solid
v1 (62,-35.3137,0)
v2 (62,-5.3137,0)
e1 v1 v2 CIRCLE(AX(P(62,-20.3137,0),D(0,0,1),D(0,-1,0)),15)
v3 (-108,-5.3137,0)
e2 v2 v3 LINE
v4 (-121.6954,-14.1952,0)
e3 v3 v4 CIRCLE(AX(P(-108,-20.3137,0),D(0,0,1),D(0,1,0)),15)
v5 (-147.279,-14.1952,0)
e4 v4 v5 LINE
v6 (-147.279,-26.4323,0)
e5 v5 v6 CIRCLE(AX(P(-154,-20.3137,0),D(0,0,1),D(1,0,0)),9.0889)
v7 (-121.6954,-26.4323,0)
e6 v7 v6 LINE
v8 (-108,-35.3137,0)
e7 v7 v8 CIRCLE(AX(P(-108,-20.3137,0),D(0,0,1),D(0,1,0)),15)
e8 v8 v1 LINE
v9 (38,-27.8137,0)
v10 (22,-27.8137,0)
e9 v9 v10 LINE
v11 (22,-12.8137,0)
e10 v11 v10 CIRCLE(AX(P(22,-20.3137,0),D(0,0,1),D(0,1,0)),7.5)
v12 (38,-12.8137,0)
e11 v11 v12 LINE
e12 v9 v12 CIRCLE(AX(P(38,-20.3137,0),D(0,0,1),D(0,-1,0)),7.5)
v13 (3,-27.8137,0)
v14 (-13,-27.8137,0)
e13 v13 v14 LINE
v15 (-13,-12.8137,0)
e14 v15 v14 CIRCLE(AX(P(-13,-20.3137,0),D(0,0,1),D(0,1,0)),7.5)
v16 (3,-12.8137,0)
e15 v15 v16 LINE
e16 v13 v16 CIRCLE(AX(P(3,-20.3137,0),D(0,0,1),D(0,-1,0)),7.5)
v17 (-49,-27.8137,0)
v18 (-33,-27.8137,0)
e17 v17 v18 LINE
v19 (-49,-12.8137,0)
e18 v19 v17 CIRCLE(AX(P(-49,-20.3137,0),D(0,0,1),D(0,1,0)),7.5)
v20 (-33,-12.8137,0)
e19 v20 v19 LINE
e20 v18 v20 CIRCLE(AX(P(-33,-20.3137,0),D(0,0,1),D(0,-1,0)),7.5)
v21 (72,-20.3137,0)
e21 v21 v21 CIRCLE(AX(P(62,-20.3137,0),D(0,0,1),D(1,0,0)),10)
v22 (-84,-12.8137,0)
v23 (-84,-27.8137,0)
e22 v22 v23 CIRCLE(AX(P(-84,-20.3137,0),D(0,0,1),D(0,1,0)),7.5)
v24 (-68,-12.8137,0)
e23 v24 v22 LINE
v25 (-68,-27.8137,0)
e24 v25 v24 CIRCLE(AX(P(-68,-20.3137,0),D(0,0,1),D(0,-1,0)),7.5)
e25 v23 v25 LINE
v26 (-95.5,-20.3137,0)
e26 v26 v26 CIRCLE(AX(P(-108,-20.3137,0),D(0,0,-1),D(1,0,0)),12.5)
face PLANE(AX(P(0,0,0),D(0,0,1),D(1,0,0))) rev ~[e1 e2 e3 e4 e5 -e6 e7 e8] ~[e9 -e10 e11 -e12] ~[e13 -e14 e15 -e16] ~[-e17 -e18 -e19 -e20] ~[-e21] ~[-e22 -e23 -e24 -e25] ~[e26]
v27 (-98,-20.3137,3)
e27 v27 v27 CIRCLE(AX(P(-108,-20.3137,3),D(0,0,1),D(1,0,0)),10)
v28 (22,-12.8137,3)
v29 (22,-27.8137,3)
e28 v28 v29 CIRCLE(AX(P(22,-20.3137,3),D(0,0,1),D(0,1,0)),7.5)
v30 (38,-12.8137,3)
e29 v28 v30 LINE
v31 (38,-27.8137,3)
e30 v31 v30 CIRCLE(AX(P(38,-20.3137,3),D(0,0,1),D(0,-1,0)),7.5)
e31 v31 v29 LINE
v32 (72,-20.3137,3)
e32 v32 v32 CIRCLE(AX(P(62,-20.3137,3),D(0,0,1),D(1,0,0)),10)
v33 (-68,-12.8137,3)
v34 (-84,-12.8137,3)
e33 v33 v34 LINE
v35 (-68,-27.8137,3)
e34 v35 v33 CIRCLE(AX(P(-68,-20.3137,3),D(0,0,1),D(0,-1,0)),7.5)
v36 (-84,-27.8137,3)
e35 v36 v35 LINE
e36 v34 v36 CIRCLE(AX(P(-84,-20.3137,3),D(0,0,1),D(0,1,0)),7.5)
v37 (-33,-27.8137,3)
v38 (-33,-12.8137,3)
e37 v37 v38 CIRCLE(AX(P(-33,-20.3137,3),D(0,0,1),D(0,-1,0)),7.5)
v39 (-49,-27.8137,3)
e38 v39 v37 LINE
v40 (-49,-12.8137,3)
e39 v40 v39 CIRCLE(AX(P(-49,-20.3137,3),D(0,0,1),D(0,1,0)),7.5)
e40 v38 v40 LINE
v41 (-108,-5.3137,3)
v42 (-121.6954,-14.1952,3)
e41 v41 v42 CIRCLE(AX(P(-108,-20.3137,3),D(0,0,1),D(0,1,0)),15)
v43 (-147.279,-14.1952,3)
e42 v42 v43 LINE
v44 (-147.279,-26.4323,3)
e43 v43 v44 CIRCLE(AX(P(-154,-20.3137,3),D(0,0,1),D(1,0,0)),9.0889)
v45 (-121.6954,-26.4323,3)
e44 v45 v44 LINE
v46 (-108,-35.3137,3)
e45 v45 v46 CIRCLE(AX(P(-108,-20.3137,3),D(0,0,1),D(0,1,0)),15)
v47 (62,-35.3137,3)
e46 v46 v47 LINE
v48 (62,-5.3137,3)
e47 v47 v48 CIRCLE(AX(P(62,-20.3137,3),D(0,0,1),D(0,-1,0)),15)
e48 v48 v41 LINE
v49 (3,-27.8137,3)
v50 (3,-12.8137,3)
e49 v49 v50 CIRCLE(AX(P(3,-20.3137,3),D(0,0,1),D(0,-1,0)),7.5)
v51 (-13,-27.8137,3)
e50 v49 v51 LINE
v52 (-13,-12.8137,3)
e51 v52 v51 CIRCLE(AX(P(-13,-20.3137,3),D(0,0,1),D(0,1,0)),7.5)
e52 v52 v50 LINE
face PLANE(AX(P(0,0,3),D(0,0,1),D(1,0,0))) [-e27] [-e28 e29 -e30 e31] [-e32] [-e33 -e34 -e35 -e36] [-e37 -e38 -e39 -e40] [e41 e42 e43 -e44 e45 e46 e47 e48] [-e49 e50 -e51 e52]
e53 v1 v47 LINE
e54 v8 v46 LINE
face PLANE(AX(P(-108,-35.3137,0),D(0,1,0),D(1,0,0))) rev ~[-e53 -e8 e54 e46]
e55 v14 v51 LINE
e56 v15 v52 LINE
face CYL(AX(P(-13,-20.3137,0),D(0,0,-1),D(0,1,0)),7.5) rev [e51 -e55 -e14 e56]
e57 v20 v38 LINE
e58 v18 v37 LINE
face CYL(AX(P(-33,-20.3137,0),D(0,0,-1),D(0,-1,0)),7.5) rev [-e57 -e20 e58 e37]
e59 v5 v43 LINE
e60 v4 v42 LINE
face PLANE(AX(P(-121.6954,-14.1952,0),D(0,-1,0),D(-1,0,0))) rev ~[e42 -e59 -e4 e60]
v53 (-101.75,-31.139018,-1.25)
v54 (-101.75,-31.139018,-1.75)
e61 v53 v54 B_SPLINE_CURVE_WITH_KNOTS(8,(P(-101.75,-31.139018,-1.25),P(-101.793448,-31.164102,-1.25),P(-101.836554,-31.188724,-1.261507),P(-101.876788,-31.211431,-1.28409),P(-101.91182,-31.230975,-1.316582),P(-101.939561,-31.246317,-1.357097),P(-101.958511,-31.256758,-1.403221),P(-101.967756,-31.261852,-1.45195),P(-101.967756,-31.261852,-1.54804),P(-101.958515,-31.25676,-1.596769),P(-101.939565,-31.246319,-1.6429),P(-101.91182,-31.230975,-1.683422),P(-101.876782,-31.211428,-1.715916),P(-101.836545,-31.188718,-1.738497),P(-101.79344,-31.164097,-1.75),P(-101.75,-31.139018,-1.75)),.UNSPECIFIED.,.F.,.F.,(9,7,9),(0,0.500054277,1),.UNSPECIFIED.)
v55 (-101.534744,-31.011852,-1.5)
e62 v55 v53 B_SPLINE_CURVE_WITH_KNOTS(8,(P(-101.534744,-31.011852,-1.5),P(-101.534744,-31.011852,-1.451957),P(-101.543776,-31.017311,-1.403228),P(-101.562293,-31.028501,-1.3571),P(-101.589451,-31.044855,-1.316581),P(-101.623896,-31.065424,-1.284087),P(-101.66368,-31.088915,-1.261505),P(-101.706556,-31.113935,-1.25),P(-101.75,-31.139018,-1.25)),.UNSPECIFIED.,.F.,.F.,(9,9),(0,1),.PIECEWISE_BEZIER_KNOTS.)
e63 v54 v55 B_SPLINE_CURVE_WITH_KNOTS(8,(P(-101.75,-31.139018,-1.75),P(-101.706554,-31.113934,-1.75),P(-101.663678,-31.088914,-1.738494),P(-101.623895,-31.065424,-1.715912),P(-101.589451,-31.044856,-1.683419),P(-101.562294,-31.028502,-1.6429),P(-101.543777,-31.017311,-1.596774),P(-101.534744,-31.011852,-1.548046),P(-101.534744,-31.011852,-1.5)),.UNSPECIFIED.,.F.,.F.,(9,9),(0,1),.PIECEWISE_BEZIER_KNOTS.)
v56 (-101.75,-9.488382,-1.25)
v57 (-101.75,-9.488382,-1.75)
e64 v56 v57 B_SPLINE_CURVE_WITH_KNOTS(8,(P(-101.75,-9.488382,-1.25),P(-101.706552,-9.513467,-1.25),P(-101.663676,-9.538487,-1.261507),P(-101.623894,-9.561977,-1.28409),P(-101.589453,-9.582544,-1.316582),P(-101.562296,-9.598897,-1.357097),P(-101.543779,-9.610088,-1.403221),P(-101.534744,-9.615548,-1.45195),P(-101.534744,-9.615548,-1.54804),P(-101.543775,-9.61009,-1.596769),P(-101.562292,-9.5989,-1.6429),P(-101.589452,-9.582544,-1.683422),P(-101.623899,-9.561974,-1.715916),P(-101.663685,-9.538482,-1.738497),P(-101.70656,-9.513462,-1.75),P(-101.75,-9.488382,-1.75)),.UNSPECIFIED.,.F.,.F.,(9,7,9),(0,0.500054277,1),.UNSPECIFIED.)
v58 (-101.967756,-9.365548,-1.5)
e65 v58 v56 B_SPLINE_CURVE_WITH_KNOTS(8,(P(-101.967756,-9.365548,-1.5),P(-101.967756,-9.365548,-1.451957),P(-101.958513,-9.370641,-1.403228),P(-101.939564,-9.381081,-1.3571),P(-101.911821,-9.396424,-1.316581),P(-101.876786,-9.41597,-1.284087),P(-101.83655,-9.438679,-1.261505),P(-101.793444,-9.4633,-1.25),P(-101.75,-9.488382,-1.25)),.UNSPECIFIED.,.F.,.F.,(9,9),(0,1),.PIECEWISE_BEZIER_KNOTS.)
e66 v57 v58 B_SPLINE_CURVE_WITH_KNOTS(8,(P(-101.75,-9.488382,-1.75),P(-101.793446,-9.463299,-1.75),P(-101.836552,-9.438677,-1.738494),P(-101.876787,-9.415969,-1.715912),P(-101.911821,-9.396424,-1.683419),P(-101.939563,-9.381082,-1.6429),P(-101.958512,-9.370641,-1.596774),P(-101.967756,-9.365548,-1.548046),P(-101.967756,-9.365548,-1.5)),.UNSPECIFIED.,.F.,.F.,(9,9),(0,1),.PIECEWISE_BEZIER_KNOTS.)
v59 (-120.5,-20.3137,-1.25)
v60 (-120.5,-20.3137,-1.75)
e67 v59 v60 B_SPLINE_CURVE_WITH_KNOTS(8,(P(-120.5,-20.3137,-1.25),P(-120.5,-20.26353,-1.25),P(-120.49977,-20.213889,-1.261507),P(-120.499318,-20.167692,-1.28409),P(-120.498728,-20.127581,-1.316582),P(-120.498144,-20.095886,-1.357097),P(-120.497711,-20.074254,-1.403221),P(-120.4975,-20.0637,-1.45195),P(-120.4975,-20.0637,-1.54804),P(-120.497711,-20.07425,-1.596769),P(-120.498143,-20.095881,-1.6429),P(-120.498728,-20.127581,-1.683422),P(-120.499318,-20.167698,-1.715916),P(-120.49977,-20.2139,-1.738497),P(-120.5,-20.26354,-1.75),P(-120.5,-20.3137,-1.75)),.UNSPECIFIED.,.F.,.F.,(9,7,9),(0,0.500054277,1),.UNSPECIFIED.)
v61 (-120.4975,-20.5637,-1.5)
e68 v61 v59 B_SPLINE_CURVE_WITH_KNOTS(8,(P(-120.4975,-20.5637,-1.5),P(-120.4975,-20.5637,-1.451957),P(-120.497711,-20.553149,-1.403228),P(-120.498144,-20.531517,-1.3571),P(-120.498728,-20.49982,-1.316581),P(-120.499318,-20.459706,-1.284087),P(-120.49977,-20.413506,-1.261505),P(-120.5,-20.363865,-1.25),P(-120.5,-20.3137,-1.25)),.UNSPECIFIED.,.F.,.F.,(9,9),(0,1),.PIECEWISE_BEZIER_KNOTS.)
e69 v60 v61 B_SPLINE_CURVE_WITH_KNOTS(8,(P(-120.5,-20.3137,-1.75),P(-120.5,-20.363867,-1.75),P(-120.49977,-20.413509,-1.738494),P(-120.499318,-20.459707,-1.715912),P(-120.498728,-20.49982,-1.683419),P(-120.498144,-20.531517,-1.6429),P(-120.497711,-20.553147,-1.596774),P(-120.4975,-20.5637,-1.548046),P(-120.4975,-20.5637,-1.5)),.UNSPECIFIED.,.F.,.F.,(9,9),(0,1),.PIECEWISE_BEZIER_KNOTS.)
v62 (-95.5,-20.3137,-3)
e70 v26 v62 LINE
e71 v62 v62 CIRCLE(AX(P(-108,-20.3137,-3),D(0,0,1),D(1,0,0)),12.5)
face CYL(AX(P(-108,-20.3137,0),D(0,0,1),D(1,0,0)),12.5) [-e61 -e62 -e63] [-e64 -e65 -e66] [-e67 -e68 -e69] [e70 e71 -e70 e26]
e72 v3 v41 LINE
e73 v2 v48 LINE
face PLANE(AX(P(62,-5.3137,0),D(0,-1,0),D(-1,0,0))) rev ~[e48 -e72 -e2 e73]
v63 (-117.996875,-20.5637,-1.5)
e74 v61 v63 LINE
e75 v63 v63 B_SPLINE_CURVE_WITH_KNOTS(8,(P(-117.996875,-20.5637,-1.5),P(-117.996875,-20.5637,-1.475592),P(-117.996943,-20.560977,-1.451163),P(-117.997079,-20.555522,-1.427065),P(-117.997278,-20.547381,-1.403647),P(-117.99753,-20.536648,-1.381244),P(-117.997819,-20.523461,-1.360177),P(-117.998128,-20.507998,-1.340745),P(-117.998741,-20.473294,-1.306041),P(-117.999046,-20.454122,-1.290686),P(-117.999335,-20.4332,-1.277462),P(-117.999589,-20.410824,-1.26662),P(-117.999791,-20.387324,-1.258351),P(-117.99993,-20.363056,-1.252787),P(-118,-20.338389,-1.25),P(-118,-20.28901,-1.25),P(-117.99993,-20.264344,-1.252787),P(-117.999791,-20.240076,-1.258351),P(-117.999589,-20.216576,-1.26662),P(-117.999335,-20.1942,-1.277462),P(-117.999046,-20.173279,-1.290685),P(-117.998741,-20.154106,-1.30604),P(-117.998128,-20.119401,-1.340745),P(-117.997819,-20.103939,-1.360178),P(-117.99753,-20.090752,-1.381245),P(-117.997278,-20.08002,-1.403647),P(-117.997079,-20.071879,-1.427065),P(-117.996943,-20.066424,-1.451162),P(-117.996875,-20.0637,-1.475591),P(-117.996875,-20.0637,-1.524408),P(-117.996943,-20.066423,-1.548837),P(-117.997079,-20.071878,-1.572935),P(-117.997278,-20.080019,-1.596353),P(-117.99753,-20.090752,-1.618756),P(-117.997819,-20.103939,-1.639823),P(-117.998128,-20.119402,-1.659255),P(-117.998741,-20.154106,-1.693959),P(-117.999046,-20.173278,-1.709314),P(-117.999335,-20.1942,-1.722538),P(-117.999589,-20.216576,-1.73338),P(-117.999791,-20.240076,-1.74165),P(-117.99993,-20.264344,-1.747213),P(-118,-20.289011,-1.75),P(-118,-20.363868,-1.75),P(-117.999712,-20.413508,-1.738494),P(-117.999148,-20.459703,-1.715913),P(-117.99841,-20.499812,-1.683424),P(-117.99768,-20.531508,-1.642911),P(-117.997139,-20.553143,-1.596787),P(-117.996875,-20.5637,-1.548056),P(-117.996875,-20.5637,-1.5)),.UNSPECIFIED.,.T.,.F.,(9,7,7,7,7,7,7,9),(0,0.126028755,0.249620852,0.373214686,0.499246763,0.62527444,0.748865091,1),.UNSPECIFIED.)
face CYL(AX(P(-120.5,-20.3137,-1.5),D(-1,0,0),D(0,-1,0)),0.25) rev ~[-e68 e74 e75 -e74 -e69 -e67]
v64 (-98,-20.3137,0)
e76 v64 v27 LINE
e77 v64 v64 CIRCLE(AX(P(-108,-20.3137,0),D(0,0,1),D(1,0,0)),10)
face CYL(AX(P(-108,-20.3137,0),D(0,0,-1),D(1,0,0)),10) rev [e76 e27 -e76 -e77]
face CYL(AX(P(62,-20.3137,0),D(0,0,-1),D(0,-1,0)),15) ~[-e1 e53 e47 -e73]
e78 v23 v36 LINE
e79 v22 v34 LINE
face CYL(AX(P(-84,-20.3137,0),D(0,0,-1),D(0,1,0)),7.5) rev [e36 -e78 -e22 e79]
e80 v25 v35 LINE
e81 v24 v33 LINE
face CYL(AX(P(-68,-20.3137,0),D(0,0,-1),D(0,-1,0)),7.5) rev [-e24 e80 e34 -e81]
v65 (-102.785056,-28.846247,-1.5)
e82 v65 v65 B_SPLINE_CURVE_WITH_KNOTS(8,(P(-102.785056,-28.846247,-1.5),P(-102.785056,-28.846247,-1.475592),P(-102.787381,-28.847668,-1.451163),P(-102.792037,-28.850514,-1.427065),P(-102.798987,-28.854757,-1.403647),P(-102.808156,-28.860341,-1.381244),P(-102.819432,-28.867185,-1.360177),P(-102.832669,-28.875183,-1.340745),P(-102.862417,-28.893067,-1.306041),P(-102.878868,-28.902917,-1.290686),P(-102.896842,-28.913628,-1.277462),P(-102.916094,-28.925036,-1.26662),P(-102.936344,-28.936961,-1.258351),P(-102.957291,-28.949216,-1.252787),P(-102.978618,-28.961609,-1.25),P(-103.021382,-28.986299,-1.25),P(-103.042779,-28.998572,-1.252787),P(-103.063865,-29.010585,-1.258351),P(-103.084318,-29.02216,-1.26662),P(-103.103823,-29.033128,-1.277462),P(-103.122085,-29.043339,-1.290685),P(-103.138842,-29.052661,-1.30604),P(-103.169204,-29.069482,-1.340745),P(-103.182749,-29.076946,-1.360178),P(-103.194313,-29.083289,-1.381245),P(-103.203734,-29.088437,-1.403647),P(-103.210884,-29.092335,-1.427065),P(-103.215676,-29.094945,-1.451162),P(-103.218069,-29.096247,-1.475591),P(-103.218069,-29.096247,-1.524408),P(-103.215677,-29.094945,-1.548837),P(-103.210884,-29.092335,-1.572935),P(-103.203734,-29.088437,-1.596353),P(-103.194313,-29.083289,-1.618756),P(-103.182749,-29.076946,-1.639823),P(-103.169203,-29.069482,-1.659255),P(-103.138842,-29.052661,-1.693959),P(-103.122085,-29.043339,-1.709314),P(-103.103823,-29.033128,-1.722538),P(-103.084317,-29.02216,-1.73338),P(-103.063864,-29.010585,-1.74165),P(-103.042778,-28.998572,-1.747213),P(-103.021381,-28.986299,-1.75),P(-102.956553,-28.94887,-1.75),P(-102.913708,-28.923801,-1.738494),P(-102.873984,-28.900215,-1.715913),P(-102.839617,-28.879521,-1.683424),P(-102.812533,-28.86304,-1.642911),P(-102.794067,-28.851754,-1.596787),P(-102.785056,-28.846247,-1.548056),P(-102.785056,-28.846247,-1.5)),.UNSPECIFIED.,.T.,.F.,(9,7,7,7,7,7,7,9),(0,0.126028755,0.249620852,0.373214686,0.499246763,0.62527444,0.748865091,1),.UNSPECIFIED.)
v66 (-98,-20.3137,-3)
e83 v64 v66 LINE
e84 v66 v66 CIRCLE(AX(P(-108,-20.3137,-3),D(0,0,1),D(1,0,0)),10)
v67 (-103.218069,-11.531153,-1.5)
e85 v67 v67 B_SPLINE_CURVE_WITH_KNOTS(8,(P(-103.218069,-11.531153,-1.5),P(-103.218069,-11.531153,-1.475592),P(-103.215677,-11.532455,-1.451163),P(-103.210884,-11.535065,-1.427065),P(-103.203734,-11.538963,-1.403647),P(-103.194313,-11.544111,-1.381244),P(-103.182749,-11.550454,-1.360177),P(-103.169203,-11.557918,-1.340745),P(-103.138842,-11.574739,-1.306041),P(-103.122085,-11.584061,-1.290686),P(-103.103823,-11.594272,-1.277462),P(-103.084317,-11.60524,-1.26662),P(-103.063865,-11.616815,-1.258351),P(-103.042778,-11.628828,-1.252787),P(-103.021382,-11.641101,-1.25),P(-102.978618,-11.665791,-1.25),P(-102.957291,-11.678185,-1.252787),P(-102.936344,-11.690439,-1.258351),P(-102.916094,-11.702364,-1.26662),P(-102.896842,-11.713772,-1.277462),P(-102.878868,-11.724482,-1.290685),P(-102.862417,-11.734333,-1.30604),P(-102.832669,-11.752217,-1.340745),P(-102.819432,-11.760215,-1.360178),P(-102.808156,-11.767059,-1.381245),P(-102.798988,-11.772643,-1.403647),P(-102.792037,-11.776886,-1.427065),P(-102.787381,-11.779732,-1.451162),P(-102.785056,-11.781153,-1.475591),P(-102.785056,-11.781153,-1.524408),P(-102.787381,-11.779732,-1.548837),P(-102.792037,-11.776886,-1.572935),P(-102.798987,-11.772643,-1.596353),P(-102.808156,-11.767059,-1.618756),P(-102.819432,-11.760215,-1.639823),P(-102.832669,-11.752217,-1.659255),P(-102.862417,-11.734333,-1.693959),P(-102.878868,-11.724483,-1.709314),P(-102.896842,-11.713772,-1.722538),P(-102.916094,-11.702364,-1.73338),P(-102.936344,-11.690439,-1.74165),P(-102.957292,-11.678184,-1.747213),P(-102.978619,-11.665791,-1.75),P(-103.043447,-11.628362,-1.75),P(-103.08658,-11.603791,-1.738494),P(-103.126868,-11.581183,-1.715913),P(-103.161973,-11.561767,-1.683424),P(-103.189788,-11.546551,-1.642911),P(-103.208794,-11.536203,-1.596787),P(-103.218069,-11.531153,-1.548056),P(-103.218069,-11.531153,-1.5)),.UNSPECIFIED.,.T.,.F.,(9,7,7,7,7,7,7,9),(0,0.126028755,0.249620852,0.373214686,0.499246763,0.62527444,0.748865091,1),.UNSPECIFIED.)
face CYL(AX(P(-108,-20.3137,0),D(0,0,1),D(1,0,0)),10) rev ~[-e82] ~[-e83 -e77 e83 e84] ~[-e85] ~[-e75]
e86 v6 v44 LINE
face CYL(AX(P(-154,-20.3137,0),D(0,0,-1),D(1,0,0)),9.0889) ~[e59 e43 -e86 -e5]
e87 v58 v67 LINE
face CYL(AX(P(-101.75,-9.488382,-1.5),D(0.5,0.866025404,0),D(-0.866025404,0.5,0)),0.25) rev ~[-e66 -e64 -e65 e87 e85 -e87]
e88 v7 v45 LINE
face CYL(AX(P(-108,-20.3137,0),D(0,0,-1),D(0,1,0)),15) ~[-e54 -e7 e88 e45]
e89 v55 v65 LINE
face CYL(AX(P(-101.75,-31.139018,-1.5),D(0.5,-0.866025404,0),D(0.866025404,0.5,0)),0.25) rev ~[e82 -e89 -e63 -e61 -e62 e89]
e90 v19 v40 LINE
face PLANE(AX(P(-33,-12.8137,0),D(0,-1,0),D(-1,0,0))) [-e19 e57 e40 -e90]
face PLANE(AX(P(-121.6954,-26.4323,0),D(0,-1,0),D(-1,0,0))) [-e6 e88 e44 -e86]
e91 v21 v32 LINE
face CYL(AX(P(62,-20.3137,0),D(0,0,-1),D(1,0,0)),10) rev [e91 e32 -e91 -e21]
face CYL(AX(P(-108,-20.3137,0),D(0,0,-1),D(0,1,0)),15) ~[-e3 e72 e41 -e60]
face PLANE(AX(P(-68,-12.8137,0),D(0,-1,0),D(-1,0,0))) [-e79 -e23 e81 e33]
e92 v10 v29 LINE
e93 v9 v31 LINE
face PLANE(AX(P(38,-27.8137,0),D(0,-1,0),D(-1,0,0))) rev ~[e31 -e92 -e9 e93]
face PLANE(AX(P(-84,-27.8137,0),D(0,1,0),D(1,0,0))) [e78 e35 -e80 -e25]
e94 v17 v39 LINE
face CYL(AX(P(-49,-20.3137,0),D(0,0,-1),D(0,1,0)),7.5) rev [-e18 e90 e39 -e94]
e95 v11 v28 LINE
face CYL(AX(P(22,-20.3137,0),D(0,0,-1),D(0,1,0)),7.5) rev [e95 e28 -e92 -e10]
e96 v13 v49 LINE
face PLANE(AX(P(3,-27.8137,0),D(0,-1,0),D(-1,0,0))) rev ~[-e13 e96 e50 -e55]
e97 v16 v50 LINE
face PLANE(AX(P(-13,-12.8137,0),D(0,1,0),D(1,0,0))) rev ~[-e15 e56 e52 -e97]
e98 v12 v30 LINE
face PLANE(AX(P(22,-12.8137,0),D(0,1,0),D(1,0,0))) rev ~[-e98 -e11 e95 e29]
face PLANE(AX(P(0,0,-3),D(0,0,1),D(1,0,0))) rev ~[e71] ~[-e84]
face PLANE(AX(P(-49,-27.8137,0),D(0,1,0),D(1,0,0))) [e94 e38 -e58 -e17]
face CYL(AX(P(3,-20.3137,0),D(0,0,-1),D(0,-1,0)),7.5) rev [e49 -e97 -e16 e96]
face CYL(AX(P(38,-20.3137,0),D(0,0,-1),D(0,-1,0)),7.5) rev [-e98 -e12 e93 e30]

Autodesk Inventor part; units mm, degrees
ref_plane "YZ Plane" through (0, 0, 0) normal (1, 0, 0) x (0, 1, 0)
ref_plane "XZ Plane" through (0, 0, 0) normal (0, 1, 0) x (-1, 0, 0)
ref_plane "XY Plane" through (0, 0, 0) normal (0, 0, 1) x (1, 0, 0)
sketch "Sketch2" plane through (0, 0, 0) normal (0, 0, 1) x (1, 0, 0)
  line L0 (-108, -20.3137) -> (62, -20.3137) construction
  line L1 (-108, -35.3137) -> (62, -35.3137)
  line L2 (62, -5.3137) -> (-108, -5.3137)
  arc A0 (-108, -5.3137) -> (-108, -35.3137) centre (-108, -20.3137) ccw
  arc A1 (62, -35.3137) -> (62, -5.3137) centre (62, -20.3137) ccw
  circle A2 centre (-108, -20.3137) radius 10
  circle A3 centre (62, -20.3137) radius 10
  line L3 (-84, -20.3137) -> (-68, -20.3137) construction
  line L4 (-84, -27.8137) -> (-68, -27.8137)
  line L5 (-68, -12.8137) -> (-84, -12.8137)
  arc A4 (-84, -12.8137) -> (-84, -27.8137) centre (-84, -20.3137) ccw
  arc A5 (-68, -27.8137) -> (-68, -12.8137) centre (-68, -20.3137) ccw
  line L6 (-23, -46) -> (-23, 6) construction
  arc A6 (-33, -27.8137) -> (-33, -12.8137) centre (-33, -20.3137) ccw
  line L7 (-49, -20.3137) -> (-33, -20.3137) construction
  line L8 (-49, -27.8137) -> (-33, -27.8137)
  line L9 (-33, -12.8137) -> (-49, -12.8137)
  arc A7 (-49, -12.8137) -> (-49, -27.8137) centre (-49, -20.3137) ccw
  line L10 (38, -20.3137) -> (22, -20.3137) construction
  line L11 (38, -27.8137) -> (22, -27.8137)
  line L12 (22, -12.8137) -> (38, -12.8137)
  arc A8 (38, -27.8137) -> (38, -12.8137) centre (38, -20.3137) ccw
  arc A9 (22, -12.8137) -> (22, -27.8137) centre (22, -20.3137) ccw
  arc A10 (-13, -12.8137) -> (-13, -27.8137) centre (-13, -20.3137) ccw
  line L13 (3, -20.3137) -> (-13, -20.3137) construction
  line L14 (3, -27.8137) -> (-13, -27.8137)
  line L15 (-13, -12.8137) -> (3, -12.8137)
  arc A11 (3, -27.8137) -> (3, -12.8137) centre (3, -20.3137) ccw
  line L16 (-121.6954, -14.1952) -> (-147.279, -14.1952)
  line L17 (-121.6954, -26.4323) -> (-147.279, -26.4323)
  circle A12 centre (-154, -20.3137) radius 9.0889
  circle A13 centre (-108, -20.3137) radius 12.5
  line L18 (-119.5282, -20.3137) -> (-121.5282, -20.3137)
  point P0 (0, 0)
  point P1 (-23, -20.3137)
  point P2 (-76, -20.3137)
  point P3 (-41, -20.3137)
  point P4 (30, -20.3137)
  point P5 (-5, -20.3137)
  point P6 (-120.5, -20.3137)
  dimension "d51" = 25
  dimension "d27" = 170
  dimension "d28" = 30
  dimension "d29" = 20
  dimension "d30" = 20
  dimension "d31" = 16
  dimension "d32" = 15
  dimension "d43" = 35
  dimension "d48" = 40
  dimension "d57" = 2
extrude "Extrusion2" add sketch "Sketch2" along normal blind 3 contours A0 L2 A1 L1 | L17 A12 L16 A0 | A12 | A13
extrude "Extrusion3" add sketch "Sketch2" against normal blind 3 contours A13
ref_plane "Work Plane1" through (-119.5282, -20.3137, 0) normal (0, -1, 0) x (-1, 0, 0)
sketch "Sketch4" plane through (-108, -20.3137, -3) normal (0, 0, -1) x (-1, 0, 0)
  line L0 (11.5282, 0) -> (13.5282, 0) projected
  circle A0 centre (0, 0) radius 12.5 projected
  point P0 (-108, 20.3137)
  point P1 (12.5, 0)
ref_plane "Work Plane2" through (-120.5, -20.3137, -3) normal (-1, 0, 0) x (0, -1, 0)
sketch "Sketch5" plane through (-120.5, -20.3137, -3) normal (-1, 0, 0) x (0, -1, 0)
  line L0 (9.0889, 3) -> (-9.0889, 3) projected
  line L1 (-12.5, 0) -> (12.5, 0) projected
  line L2 (0, -1.2) -> (0, 7.2) projected
  line L3 (15, 3) -> (-15, 3) projected
  line L4 (0, 3) -> (0, 0)
  line L5 (10, 0) -> (-10, 0) projected
  line L6 (0, 3) -> (0, 0)
  circle A0 centre (0, 1.5) radius 0.25
  point P0 (-20.3137, 3)
  point P1 (-6.1186, 3)
  point P2 (6.1186, 3)
  dimension "d63" = 0.5
extrude "Extrusion5" cut sketch "Sketch5" against normal up to surface
pattern_circular "Circular Pattern1" count 3 over 360 about axis through (-108, -20.3137, 0) along (0, 0, -1) of "Extrusion5"
properties part number "p1"
